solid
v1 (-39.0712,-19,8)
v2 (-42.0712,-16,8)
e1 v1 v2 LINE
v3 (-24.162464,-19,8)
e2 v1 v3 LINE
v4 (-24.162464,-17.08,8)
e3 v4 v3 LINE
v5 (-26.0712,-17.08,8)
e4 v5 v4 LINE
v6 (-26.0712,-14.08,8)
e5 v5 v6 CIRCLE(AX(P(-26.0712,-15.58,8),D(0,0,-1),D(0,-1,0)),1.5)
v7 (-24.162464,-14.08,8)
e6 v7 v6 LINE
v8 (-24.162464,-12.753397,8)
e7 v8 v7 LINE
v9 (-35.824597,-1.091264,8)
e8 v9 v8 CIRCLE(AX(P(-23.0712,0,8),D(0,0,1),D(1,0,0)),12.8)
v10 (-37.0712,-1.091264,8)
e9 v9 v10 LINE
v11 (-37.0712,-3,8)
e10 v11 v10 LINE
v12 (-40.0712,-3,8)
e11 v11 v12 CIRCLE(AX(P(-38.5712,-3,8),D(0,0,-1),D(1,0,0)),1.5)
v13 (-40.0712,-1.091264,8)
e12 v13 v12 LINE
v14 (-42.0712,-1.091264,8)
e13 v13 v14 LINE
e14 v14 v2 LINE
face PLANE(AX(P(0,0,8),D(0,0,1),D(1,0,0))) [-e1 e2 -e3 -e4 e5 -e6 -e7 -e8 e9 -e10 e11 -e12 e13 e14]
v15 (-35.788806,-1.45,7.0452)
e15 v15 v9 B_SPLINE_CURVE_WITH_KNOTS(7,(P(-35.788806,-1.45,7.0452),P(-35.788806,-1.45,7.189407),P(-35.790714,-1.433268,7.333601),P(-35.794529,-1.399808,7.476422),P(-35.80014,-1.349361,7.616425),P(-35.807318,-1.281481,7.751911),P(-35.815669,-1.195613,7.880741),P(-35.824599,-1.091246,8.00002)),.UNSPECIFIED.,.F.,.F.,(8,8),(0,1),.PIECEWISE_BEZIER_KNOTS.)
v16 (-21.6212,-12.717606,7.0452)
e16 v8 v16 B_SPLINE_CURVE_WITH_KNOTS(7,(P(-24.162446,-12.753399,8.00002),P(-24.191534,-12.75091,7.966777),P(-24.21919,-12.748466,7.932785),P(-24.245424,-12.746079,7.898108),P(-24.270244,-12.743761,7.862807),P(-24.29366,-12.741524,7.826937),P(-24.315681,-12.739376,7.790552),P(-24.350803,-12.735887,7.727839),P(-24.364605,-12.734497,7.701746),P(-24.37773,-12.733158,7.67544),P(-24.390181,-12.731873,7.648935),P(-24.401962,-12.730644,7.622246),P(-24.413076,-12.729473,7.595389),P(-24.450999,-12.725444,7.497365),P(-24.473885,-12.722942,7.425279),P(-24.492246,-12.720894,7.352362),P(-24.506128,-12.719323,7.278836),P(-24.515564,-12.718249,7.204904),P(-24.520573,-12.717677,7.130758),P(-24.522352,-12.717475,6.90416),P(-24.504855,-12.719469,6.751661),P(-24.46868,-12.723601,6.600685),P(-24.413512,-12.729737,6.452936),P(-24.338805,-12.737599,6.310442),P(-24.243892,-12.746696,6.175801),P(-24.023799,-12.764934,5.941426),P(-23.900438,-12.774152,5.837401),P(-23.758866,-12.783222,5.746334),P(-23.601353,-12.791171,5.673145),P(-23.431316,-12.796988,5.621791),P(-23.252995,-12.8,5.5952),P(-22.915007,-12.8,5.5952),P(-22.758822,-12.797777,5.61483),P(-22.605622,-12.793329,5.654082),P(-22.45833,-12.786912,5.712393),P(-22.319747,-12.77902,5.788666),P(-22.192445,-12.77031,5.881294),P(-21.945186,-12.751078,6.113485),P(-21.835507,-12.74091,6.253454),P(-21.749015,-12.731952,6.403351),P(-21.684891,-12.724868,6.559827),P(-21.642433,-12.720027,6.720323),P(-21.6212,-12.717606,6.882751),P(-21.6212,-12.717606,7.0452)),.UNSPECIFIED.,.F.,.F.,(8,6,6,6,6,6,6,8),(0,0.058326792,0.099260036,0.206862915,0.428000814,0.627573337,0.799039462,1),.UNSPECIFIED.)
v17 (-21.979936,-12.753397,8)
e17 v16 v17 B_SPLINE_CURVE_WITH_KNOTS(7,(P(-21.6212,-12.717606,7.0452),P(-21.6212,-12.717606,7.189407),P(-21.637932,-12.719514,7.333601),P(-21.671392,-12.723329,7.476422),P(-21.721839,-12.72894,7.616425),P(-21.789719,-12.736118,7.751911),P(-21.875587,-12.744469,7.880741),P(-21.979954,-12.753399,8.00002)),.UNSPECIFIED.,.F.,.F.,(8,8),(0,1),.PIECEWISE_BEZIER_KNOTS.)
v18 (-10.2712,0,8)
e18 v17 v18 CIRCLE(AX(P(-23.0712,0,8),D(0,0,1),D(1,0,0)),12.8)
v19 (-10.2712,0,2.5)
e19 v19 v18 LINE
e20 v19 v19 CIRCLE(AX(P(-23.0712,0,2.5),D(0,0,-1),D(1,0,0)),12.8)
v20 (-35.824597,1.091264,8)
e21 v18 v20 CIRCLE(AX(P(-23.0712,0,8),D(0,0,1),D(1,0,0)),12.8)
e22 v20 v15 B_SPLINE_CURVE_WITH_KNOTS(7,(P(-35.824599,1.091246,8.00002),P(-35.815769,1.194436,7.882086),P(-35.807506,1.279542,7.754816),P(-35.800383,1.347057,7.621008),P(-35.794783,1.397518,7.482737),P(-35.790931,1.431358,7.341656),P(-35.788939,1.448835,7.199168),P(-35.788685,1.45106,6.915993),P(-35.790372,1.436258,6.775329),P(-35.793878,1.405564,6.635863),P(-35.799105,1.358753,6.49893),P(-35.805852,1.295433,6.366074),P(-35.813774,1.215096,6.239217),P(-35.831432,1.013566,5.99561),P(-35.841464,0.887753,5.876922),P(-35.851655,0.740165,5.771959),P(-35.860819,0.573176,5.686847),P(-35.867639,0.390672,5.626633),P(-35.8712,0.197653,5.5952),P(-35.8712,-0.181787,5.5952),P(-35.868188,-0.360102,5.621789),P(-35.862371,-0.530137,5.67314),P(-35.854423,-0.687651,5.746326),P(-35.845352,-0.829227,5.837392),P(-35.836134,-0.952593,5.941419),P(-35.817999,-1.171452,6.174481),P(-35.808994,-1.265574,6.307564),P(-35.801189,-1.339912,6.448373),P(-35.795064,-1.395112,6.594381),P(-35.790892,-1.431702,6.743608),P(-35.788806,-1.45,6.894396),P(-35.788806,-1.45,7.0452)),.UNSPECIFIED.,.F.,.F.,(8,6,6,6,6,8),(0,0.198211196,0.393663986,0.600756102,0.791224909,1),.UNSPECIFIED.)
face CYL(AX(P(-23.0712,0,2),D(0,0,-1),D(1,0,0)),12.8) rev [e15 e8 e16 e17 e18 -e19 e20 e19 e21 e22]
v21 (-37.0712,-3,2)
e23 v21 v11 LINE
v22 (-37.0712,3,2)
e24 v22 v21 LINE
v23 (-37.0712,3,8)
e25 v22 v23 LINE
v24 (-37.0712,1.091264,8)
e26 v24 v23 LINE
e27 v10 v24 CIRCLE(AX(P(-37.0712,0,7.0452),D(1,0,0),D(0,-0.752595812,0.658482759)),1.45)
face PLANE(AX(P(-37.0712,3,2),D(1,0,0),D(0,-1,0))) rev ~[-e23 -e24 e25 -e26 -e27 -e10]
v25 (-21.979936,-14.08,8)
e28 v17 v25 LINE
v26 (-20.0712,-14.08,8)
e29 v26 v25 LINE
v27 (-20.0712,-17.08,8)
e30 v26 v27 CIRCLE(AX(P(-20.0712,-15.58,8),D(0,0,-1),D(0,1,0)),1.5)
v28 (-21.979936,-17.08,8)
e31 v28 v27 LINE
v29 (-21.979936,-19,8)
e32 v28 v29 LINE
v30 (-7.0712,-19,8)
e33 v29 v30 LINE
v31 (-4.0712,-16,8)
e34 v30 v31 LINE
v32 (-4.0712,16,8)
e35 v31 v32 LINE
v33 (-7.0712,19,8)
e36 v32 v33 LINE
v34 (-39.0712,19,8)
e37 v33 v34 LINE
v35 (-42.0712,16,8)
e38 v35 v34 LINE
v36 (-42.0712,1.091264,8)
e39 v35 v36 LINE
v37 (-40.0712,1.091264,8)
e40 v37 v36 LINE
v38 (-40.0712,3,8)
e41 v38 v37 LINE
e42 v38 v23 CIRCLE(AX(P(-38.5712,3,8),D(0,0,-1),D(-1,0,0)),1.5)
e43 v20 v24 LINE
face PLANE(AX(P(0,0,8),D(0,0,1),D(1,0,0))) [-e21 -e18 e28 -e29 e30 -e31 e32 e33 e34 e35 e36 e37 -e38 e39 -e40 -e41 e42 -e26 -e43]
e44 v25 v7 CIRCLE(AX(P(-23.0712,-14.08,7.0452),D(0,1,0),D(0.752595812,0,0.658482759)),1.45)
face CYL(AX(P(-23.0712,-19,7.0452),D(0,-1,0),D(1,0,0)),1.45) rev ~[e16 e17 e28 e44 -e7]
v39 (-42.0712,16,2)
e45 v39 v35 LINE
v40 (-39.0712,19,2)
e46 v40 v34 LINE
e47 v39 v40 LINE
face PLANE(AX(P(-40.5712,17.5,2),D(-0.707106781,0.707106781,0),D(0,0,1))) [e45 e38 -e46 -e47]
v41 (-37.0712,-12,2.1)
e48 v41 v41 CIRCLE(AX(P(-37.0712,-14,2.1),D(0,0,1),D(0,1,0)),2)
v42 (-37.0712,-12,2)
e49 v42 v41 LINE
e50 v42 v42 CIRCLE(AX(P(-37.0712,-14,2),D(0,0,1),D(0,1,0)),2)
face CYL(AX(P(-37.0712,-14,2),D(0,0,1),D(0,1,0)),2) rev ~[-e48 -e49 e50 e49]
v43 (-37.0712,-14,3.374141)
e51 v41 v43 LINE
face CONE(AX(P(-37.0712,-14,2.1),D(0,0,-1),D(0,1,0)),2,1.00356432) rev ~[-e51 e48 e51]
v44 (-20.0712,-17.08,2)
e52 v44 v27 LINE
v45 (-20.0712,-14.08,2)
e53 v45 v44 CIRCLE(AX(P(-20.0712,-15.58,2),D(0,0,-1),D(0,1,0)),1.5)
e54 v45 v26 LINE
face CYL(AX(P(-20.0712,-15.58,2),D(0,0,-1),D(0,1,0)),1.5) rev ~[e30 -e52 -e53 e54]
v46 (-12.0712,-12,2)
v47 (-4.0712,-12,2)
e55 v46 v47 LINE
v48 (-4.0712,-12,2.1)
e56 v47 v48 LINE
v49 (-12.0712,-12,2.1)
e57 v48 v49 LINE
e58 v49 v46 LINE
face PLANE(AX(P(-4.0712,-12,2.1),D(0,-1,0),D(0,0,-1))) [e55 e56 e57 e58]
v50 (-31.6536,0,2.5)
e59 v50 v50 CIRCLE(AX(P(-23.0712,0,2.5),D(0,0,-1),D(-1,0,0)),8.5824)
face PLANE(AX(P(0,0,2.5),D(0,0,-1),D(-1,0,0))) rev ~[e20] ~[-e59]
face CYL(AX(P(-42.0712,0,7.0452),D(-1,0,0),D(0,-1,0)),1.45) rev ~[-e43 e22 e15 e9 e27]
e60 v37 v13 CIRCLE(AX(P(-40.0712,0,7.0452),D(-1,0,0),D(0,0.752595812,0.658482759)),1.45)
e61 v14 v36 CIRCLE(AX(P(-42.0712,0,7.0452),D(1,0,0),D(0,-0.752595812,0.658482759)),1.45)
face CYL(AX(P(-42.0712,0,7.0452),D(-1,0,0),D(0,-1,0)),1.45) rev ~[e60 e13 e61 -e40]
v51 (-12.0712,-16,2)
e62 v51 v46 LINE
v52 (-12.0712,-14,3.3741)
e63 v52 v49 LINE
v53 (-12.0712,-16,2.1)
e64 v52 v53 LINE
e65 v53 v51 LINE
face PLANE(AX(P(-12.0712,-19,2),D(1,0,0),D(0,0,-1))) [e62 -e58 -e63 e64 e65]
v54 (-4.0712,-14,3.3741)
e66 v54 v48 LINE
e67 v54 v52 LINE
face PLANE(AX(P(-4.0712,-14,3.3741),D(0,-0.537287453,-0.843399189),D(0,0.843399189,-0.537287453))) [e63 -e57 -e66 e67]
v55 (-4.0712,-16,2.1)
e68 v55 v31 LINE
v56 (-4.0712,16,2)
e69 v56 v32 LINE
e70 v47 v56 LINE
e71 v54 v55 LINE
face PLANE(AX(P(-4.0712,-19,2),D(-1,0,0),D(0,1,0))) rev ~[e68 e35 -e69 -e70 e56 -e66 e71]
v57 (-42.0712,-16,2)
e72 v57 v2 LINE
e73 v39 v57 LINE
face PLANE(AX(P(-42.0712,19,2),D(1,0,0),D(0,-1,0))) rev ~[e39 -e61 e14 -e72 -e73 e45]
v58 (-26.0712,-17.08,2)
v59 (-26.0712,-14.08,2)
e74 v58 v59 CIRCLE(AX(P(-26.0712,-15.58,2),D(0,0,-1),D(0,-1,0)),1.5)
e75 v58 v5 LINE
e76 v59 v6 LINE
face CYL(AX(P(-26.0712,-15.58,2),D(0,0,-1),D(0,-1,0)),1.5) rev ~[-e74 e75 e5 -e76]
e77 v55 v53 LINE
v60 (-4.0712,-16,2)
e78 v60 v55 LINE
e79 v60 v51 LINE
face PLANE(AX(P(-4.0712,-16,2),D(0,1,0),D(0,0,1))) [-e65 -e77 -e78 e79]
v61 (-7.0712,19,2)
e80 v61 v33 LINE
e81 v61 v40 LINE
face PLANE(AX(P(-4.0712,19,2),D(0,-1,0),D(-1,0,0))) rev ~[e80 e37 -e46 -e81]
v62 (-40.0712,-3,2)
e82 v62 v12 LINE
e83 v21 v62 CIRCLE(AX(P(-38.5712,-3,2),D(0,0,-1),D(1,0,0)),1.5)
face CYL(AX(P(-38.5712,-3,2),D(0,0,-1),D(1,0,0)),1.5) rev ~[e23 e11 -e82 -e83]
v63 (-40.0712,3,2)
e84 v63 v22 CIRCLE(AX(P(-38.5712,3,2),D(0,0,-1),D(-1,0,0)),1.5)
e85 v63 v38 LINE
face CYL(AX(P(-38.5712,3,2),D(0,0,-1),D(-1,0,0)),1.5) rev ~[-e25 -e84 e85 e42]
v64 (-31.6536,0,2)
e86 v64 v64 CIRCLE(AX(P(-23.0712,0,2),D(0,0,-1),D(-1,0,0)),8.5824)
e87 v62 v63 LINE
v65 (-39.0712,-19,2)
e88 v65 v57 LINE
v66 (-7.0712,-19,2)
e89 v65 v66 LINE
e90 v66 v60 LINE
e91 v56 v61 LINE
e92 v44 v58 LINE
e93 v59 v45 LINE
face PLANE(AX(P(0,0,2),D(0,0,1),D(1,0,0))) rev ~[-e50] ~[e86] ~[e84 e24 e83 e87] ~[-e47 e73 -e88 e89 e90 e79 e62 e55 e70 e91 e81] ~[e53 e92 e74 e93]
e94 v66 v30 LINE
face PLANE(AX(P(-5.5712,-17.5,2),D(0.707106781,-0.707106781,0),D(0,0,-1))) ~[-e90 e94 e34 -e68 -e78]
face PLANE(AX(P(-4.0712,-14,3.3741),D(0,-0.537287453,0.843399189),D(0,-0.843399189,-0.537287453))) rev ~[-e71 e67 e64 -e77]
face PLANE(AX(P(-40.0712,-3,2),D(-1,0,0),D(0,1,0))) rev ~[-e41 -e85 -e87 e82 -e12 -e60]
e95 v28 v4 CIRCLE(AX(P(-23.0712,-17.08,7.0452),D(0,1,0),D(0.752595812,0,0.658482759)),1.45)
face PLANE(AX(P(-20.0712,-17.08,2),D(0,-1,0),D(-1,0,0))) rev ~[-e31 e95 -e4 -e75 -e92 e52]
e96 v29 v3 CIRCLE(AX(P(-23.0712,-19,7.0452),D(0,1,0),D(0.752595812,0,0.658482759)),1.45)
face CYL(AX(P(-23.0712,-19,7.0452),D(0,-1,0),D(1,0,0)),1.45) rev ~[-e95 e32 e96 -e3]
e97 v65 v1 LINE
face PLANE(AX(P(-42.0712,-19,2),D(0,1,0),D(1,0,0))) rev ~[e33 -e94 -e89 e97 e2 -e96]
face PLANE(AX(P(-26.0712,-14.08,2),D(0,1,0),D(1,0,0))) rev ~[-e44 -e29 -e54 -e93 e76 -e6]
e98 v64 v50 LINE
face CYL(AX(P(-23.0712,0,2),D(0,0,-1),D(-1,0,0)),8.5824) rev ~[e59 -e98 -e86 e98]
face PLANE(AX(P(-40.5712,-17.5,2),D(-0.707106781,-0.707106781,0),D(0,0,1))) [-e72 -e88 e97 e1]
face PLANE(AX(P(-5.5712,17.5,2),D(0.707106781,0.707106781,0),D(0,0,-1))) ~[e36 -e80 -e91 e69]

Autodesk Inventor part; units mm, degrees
ref_plane "YZ Plane" through (0, 0, 0) normal (1, 0, 0) x (0, 1, 0)
ref_plane "XZ Plane" through (0, 0, 0) normal (0, 1, 0) x (-1, 0, 0)
ref_plane "XY Plane" through (0, 0, 0) normal (0, 0, 1) x (1, 0, 0)
ref_plane "Work Plane1" through (0, 0, 2) normal (0, 0, 1) x (1, 0, 0)
sketch "Sketch1" plane through (0, 0, 2) normal (0, 0, 1) x (1, 0, 0)
  circle A0 centre (-37.0712, 14) radius 3.25 construction
  circle A1 centre (-9.0712, -14) radius 3.25 construction
  line L0 (-21.8762, -24.9) -> (-21.8762, -17.08) construction
  line L1 (-21.8762, -17.08) -> (-20.0712, -17.08) construction
  arc A2 (-20.0712, -17.08) -> (-20.0712, -14.08) centre (-20.0712, -15.58) ccw construction
  line L2 (-20.0712, -14.08) -> (-21.8762, -14.08) construction
  line L3 (-21.8762, -14.08) -> (-21.8762, -3.0223) construction
  arc A3 (-21.8762, -3.0223) -> (-25.9925, 1.4242) centre (-23.0712, 0) ccw construction
  line L4 (-25.9925, 1.4242) -> (-37.0712, 1.4242) construction
  line L5 (-37.0712, 1.4242) -> (-37.0712, 3) construction
  arc A4 (-37.0712, 3) -> (-40.0712, 3) centre (-38.5712, 3) ccw construction
  line L6 (-40.0712, 3) -> (-40.0712, 1.4242) construction
  line L7 (-40.0712, 1.4242) -> (-47.9712, 1.4242) construction
  line L8 (-47.9712, 1.4242) -> (-47.9712, 17) construction
  line L9 (-47.9712, 17) -> (-44.3964, 17) construction
  line L10 (-44.3964, 17) -> (-40.0712, 21.3252) construction
  line L11 (-40.0712, 21.3252) -> (-40.0712, 24.9) construction
  line L12 (-40.0712, 24.9) -> (-6.0712, 24.9) construction
  line L13 (-6.0712, 24.9) -> (-6.0712, 21.3252) construction
  line L14 (-6.0712, 21.3252) -> (-1.746, 17) construction
  line L15 (-1.746, 17) -> (1.8288, 17) construction
  line L16 (1.8288, 17) -> (1.8288, -17) construction
  line L17 (1.8288, -17) -> (-1.746, -17) construction
  line L18 (-1.746, -17) -> (-6.1126, -21.3666) construction
  line L19 (-6.1126, -21.3666) -> (-6.1126, -24.9) construction
  line L20 (-6.1126, -24.9) -> (-21.8762, -24.9) construction
  circle A5 centre (-37.0712, -14) radius 3.25 construction
  circle A6 centre (-23.0712, 0) radius 12.45 construction
  circle A7 centre (-23.0712, 0) radius 12.7 construction
  line L21 (-37.0712, 14) -> (-9.0712, 14) construction
  line L22 (-9.0712, 14) -> (-9.0712, -14) construction
  line L23 (-9.0712, -14) -> (-37.0712, -14) construction
  line L24 (-37.0712, -14) -> (-37.0712, 14) construction
  line L25 (-4.0712, -19) -> (-4.0712, 19)
  line L26 (-4.0712, 19) -> (-42.0712, 19)
  line L27 (-42.0712, 19) -> (-42.0712, -19)
  line L28 (-42.0712, -19) -> (-4.0712, -19)
  circle A8 centre (-23.0712, 0) radius 12.8
  point P0 (0, 0)
  dimension "d0" = 5
  dimension "d1" = 0.1
extrude "Extrusion1" add sketch "Sketch1" along normal blind 6
sketch "Sketch2" plane through (0, 0, 2) normal (0, 0, -1) x (-1, 0, 0)
  circle A0 centre (23.0712, 0) radius 12.8 projected
  circle A1 centre (23.0712, 0) radius 8.5824
  point P0 (0, 0)
extrude "Extrusion2" add sketch "Sketch2" against normal blind 0.5
sketch "Sketch3" plane through (0, 0, 2) normal (0, 0, -1) x (-1, 0, 0)
  circle A0 centre (9.0712, -14) radius 1.45 construction
  circle A1 centre (9.0712, -14) radius 2.45
  circle A2 centre (37.0712, -14) radius 1.45 projected
  circle A3 centre (37.0712, -14) radius 1.95
  point P0 (0, 0)
  dimension "d8" = 1
  dimension "d10" = 0.5
sketch "Sketch5" plane through (0, 0, 2) normal (0, 0, -1) x (-1, 0, 0)
  arc A0 (20.0712, -14.08) -> (20.0712, -17.08) centre (20.0712, -15.58) ccw projected
  arc A1 (26.0712, -17.08) -> (26.0712, -14.08) centre (26.0712, -15.58) ccw projected
  line L0 (37.0712, 3) -> (37.0712, -3) projected
  arc A2 (37.0712, -3) -> (40.0712, -3) centre (38.5712, -3) ccw projected
  line L1 (40.0712, -3) -> (40.0712, 3) projected
  arc A3 (40.0712, 3) -> (37.0712, 3) centre (38.5712, 3) ccw projected
  line L2 (26.0712, -14.08) -> (20.0712, -14.08) projected
  arc A4 (20.0712, -14.08) -> (20.0712, -17.08) centre (20.0712, -15.58) ccw projected
  line L3 (20.0712, -17.08) -> (26.0712, -17.08) projected
  arc A5 (26.0712, -17.08) -> (26.0712, -14.08) centre (26.0712, -15.58) ccw projected
  circle A6 centre (37.0712, -14) radius 1.45 projected
  circle A7 centre (23.0712, 0) radius 1.45 projected
  circle A8 centre (9.0712, -14) radius 1.45 projected
  circle A9 centre (37.0712, 14) radius 1.45 projected
  line L4 (-1.8288, -17) -> (-1.8288, 17) projected
  line L5 (-1.8288, 17) -> (1.746, 17) projected
  line L6 (1.746, 17) -> (6.0712, 21.3252) projected
  line L7 (6.0712, 21.3252) -> (6.0712, 24.9) projected
  line L8 (6.0712, 24.9) -> (40.0712, 24.9) projected
  line L9 (40.0712, 24.9) -> (40.0712, 21.3252) projected
  line L10 (40.0712, 21.3252) -> (44.3964, 17) projected
  line L11 (44.3964, 17) -> (47.9712, 17) projected
  line L12 (47.9712, 17) -> (47.9712, -17) projected
  line L13 (44.3964, -17) -> (47.9712, -17) projected
  line L14 (40.0712, -21.3252) -> (44.3964, -17) projected
  line L15 (40.0712, -24.9) -> (40.0712, -21.3252) projected
  line L16 (6.1126, -24.9) -> (40.0712, -24.9) projected
  line L17 (6.1126, -24.9) -> (6.1126, -21.3666) projected
  line L18 (6.1126, -21.3666) -> (1.746, -17) projected
  line L19 (1.746, -17) -> (-1.8288, -17) projected
  point P0 (0, 0)
  point P1 (40.0712, -3)
extrude "Extrusion5" cut sketch "Sketch5" against normal blind 8 contours L2 A1 L3 A0 | A3 L1 A2 L0
sketch "Sketch6" plane through (-42.0712, -19, 8) normal (0, -1, 0) x (1, 0, 0)
  line L0 (0, -6) -> (38, -6) projected
  line L1 (38, -6) -> (38, 0) projected
  line L2 (0, 0) -> (38, 0) projected
  line L3 (0, -6) -> (0, 0) projected
  line L4 (31.8, 0) -> (31.8, 0) projected
  circle A0 centre (19, -0.9548) radius 1.45
  point P0 (42.0712, -8)
  point P1 (4.5, 0)
  dimension "d34" = 2.9
extrude "Extrusion6" cut sketch "Sketch6" against normal blind 8 contours A0 L2 | L2 A0
pattern_circular "Circular Pattern1" count 2 over 90 about axis through (-23.0712, 0, 2) along (0, 0, -1) of "Extrusion6"
chamfer "Chamfer1" distance 3 angle 45 4 edges at (-42.0712, 19, 5) (-4.0712, 19, 5) (-4.0712, -19, 5) (-42.0712, -19, 5)
hole "Hole1" at (-37.0712, -14, 2) direction (0, 0, 1) diameter 4 depth 0.1 tip angle 115
sketch "Sketch4" plane through (-4.0712, -19, 2) normal (1, 0, 0) x (0, 0, -1)
  line L0 (2, 4.45) -> (6, 4.45)
  line L1 (2, 1.55) -> (6, 1.55)
  line L2 (0, 0) -> (0, 38) projected
  arc A0 (2, 19) -> (2, 19) centre (1.5, 4.4206) ccw projected
  line L3 (-1.3741, 5) -> (-0.1, 7) projected
  line L4 (-1.3741, 5) -> (-0.1, 3) projected
  line L5 (-0.1, 7) -> (0.6045, 7)
  line L6 (0.6045, 7) -> (0.6045, 3)
  line L7 (0.6045, 3) -> (-0.1, 3)
  line L8 (-0.1, 3) -> (-0.1, 7)
extrude "Extrusion4" cut sketch "Sketch4" against normal blind 8 contours L7 L8 L5 L2 | L2 L5 L6 L7 | L4 L3 L8
properties part number "20_Cube_Insert_Kinematic_Mirrormount_90_pro_v3"
